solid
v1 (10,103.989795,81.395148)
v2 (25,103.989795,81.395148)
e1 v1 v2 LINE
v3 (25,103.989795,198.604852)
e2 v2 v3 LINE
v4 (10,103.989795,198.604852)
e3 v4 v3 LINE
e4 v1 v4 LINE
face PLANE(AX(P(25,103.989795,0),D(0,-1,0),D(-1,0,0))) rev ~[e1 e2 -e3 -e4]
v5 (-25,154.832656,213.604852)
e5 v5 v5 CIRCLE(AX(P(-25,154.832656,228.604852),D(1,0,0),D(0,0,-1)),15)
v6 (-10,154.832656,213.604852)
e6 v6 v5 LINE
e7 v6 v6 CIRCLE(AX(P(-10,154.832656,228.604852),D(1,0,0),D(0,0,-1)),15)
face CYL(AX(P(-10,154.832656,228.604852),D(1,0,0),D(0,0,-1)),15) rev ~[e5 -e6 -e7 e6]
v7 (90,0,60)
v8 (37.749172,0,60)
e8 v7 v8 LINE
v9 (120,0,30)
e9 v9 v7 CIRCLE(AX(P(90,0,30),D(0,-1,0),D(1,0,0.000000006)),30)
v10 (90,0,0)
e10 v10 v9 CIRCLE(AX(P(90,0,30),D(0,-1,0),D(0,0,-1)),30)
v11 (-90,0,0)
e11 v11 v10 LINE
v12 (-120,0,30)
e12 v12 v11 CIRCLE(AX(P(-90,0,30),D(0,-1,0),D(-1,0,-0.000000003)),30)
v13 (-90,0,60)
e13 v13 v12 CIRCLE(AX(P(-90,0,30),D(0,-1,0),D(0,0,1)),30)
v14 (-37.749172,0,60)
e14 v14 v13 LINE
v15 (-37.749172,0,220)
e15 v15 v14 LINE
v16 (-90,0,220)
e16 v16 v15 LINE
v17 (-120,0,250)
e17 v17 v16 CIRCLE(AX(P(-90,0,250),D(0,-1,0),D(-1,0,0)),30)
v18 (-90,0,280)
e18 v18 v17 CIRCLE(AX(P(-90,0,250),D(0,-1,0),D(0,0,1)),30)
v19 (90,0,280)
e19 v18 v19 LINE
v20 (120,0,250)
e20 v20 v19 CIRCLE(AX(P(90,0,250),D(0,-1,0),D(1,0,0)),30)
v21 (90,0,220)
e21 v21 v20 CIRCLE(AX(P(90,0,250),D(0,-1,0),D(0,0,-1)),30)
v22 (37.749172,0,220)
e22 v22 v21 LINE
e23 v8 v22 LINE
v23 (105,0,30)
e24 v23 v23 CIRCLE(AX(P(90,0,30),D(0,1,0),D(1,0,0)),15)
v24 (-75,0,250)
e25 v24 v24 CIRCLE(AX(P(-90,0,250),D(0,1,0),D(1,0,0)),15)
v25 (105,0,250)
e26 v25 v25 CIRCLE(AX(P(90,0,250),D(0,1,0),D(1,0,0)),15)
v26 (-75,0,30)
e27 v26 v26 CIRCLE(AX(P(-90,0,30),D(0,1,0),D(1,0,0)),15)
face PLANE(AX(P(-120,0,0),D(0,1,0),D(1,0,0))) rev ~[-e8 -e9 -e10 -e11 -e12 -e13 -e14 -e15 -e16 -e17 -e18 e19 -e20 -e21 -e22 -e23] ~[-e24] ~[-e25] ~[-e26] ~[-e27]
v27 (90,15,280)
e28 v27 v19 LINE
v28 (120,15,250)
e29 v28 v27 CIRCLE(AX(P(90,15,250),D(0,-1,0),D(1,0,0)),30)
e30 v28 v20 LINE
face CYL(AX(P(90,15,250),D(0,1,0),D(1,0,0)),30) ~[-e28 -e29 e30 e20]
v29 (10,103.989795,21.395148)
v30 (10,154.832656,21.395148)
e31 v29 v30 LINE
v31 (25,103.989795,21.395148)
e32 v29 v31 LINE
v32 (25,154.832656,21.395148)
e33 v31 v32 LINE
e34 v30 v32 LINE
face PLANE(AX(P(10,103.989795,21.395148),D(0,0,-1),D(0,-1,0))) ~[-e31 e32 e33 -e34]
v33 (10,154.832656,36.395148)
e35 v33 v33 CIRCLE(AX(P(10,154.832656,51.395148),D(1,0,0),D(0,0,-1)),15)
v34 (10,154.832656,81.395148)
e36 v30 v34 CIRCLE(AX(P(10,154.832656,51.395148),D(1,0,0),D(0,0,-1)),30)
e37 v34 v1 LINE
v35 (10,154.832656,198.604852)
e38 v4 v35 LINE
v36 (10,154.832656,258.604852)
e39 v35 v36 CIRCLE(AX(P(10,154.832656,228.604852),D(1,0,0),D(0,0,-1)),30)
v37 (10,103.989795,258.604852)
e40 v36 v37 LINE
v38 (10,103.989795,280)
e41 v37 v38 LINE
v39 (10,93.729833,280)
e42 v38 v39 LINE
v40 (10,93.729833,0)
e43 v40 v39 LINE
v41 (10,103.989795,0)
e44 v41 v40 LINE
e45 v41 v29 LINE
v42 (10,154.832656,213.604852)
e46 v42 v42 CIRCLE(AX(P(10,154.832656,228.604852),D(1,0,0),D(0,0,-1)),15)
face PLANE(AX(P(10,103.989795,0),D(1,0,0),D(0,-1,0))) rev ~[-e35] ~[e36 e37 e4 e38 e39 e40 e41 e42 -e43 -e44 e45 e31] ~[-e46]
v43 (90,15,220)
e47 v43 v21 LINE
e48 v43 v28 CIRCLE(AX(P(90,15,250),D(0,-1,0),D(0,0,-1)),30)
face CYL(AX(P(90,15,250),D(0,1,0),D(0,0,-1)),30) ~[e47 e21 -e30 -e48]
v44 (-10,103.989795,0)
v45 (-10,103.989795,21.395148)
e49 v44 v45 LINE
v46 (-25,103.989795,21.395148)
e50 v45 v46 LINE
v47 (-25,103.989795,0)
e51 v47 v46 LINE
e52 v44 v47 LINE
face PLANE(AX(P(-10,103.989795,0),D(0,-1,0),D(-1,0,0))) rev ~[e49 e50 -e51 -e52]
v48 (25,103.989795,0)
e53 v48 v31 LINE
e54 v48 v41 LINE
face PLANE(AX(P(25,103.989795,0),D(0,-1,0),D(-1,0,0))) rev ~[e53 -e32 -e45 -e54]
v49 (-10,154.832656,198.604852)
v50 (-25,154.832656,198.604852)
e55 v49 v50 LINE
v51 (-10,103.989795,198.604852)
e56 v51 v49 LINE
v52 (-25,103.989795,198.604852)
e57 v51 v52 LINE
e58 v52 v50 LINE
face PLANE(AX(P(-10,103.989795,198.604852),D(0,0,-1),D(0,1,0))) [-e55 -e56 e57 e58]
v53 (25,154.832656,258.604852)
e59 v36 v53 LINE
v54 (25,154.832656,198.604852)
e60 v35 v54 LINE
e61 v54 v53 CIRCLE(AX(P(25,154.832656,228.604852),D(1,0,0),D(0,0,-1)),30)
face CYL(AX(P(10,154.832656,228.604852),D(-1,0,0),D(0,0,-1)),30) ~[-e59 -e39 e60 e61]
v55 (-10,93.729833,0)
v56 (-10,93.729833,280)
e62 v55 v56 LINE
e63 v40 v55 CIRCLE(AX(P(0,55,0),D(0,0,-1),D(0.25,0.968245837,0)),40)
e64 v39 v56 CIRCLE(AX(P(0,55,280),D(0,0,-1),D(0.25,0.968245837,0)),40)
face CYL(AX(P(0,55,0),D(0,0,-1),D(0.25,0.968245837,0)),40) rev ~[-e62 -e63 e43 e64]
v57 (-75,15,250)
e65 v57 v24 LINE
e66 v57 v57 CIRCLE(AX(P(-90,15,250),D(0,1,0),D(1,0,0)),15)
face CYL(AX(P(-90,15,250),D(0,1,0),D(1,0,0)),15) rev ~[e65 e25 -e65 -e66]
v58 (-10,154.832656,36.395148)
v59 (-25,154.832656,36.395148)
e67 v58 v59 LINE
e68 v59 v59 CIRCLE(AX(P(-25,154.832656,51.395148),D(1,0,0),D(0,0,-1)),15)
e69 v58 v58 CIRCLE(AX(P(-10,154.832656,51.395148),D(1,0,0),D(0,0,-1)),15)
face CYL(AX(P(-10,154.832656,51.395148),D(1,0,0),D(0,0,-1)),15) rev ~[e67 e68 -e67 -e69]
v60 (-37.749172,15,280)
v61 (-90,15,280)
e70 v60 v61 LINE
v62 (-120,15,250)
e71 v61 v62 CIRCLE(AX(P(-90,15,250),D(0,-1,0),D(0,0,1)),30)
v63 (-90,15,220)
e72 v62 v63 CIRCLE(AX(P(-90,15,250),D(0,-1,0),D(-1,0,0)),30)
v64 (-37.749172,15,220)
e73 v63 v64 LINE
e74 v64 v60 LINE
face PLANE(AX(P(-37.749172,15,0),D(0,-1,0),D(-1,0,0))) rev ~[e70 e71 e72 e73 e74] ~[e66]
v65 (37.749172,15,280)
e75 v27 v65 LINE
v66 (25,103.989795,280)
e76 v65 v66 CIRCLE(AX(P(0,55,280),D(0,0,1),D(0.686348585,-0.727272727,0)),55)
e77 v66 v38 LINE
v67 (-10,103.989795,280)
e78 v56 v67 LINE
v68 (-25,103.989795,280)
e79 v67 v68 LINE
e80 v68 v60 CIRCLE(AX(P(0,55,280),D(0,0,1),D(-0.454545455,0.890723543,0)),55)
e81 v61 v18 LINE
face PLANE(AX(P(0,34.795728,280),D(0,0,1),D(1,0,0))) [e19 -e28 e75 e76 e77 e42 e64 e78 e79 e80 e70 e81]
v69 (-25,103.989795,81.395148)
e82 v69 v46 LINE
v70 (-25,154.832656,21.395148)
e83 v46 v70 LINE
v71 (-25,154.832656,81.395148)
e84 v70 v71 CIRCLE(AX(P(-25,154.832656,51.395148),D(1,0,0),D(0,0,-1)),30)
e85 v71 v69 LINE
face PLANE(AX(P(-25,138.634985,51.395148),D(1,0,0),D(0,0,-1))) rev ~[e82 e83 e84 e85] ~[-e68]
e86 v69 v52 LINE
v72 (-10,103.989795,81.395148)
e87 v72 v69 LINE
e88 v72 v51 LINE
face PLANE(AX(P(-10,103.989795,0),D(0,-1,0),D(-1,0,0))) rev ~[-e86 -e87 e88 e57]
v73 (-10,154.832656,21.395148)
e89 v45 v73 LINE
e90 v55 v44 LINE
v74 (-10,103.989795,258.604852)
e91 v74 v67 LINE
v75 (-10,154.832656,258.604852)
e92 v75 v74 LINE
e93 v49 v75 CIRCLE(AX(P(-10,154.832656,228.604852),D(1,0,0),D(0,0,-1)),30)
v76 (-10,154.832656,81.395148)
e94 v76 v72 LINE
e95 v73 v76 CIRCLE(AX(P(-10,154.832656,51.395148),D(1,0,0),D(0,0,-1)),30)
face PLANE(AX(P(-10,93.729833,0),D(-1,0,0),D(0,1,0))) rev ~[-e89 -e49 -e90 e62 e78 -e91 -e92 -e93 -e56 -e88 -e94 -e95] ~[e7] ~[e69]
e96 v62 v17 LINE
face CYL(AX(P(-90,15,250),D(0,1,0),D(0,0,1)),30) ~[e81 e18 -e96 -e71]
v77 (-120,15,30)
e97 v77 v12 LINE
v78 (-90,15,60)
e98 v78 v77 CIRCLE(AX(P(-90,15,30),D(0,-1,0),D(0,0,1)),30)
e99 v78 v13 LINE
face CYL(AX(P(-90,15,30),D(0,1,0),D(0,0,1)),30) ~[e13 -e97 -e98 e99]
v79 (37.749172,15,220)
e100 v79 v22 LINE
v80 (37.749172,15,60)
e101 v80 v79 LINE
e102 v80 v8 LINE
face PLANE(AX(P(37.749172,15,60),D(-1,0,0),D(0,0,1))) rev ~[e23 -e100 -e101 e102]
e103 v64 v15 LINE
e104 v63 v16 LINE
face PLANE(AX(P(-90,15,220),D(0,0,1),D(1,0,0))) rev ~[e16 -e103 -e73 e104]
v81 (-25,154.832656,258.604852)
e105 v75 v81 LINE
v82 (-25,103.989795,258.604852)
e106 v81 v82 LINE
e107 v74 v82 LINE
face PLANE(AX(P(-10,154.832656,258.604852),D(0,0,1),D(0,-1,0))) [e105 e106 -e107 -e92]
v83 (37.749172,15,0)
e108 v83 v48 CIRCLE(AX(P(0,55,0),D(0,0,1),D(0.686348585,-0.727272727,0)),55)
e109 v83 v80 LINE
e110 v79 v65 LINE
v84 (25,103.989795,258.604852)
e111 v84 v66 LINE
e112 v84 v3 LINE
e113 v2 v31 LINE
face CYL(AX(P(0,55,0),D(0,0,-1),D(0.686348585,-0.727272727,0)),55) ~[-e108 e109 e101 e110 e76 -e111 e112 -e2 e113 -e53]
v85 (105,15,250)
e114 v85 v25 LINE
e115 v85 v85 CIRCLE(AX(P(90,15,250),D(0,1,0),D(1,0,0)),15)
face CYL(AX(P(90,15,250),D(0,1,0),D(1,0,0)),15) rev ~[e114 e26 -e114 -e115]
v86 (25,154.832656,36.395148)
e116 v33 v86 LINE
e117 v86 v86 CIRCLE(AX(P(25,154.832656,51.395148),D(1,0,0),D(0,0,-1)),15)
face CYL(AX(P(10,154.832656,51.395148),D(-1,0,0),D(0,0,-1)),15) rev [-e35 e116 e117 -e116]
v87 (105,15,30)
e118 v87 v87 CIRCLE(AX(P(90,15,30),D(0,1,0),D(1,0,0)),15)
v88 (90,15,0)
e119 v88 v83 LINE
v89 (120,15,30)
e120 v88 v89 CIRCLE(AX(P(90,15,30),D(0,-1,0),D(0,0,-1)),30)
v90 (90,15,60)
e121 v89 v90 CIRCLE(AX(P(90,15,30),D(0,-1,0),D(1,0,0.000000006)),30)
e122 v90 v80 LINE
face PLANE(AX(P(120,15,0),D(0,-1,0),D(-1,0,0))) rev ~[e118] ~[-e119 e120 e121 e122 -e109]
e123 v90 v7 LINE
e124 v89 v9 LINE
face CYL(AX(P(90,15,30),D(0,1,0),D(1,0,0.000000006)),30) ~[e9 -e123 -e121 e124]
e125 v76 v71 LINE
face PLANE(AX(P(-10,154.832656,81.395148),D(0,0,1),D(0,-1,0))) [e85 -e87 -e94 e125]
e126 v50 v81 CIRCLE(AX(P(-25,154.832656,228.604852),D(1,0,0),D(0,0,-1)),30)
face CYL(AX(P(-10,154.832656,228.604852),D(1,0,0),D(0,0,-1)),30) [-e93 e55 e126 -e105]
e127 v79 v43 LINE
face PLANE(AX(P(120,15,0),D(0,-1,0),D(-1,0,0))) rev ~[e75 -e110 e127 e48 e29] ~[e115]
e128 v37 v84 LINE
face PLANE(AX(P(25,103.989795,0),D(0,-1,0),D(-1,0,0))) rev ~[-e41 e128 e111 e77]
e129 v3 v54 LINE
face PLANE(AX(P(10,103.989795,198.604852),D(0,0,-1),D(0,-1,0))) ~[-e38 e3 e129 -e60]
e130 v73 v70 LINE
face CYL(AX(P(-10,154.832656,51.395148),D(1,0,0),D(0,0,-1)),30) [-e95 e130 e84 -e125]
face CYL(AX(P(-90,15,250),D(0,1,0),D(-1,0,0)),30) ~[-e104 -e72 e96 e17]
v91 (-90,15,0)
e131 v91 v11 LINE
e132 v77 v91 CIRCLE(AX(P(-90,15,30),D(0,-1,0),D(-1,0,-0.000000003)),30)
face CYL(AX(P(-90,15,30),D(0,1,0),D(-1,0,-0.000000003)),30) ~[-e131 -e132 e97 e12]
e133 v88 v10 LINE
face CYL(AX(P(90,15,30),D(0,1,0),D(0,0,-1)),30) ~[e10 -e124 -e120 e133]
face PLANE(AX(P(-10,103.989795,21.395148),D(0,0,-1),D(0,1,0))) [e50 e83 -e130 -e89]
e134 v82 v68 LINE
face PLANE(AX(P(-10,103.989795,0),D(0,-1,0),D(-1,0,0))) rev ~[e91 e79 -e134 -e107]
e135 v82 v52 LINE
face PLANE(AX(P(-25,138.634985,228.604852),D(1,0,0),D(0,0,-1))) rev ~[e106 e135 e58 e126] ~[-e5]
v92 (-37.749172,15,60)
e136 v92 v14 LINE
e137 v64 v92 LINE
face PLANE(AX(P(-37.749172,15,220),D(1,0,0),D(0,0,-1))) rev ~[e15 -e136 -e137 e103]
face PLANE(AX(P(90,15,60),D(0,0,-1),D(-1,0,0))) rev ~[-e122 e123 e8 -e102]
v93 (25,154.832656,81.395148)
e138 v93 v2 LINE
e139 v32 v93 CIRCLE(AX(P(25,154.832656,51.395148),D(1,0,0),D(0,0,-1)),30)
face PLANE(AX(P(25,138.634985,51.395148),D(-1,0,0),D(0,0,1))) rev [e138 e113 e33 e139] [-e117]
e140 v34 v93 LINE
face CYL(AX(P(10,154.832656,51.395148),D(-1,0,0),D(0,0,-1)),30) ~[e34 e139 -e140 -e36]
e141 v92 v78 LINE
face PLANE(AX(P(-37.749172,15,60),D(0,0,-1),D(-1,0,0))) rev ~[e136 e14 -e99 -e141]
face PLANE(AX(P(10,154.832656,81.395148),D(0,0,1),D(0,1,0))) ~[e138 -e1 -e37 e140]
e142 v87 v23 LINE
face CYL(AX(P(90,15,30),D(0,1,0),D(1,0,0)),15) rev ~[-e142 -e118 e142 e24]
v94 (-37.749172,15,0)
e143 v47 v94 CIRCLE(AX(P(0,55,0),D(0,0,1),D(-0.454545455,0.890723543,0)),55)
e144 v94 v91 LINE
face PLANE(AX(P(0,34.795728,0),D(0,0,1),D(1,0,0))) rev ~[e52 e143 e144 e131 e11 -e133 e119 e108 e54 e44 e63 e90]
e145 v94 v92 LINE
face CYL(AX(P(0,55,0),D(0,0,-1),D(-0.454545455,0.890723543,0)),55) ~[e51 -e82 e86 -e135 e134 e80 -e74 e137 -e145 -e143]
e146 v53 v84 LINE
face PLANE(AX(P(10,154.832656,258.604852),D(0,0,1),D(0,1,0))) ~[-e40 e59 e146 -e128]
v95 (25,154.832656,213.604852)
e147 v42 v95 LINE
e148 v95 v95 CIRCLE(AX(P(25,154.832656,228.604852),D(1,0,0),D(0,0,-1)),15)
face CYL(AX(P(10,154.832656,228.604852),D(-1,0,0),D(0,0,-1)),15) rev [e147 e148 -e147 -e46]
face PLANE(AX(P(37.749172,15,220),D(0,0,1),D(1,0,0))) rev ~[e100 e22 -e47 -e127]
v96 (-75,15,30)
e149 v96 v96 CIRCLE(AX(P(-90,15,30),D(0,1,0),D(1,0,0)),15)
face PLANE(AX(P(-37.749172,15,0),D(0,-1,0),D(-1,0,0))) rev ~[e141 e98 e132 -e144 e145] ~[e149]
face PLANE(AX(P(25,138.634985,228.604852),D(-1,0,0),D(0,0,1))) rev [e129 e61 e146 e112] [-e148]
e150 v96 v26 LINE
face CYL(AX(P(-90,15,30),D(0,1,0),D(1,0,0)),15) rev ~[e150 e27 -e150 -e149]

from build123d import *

# Parameters (mm, degrees)
BOSS_EXTRUDE1_DEPTH       = 280
SKETCH4_R                 = 15
BOSS_EXTRUDE2_DEPTH       = 15
CUT_EXTRUDE1_DEPTH        = 15
CUT_EXTRUDE2_DEPTH        = 15
SKETCH9_R                 = 15
CUT_EXTRUDE3_DEPTH        = 15
LPATTERN1_COUNT           = 2
LPATTERN1_PITCH           = 180
LPATTERN2_COUNT           = 2
LPATTERN2_PITCH           = 220
LPATTERN2_COPY_1_SKETCH_R = 15
LPATTERN2_COPY_1_DEPTH    = 15


with BuildPart() as part:
    # Sketch1 → Boss-Extrude1 (new body)
    with BuildSketch(Plane.XY):
        with BuildLine():
            Line((-120, 0), (120, 0))
            Line((120, 0), (120, 15))
            Line((120, 15), (37.749172176, 15))
            ThreePointArc((37.749172176, 15), (54.444104817, 62.799964787), (25, 103.989794856))
            Line((25, 103.989794856), (10, 103.989794856))
            Line((10, 103.989794856), (10, 93.729833462))
            ThreePointArc((10, 93.729833462), (0, 15), (-10, 93.729833462))
            Line((-10, 93.729833462), (-10, 103.989794856))
            Line((-10, 103.989794856), (-25, 103.989794856))
            ThreePointArc((-25, 103.989794856), (-54.444104817, 62.799964787), (-37.749172176, 15))
            Line((-37.749172176, 15), (-120, 15))
            Line((-120, 15), (-120, 0))
        make_face()
    extrude(amount=BOSS_EXTRUDE1_DEPTH)

    # Sketch4 → Boss-Extrude2 (add)
    with BuildSketch(Plane(origin=(-10, 0, 0), x_dir=(0, 0, -1), z_dir=(1, 0, 0))):
        with BuildLine():
            Line((-258.604852185, 154.832655732), (-258.604852185, 103.989794856))
            Line((-258.604852185, 103.989794856), (-198.604852185, 103.989794856))
            Line((-198.604852185, 103.989794856), (-198.604852185, 154.832655732))
            ThreePointArc((-198.604852185, 154.832655732), (-228.604852185, 184.832655732), (-258.604852185, 154.832655732))
        make_face()
        with Locations((-228.604852185, 154.832655732)):
            Circle(SKETCH4_R, mode=Mode.SUBTRACT)
        with BuildLine():
            Line((-81.395147815, 103.989794856), (-21.395147815, 103.989794856))
            Line((-21.395147815, 103.989794856), (-21.395147815, 154.832655732))
            ThreePointArc((-21.395147815, 154.832655732), (-51.395147815, 184.832655732), (-81.395147815, 154.832655732))
            Line((-81.395147815, 154.832655732), (-81.395147815, 103.989794856))
        make_face()
        with Locations((-51.395147815, 154.832655732)):
            Circle(SKETCH4_R, mode=Mode.SUBTRACT)
    boss_extrude2 = extrude(amount=-BOSS_EXTRUDE2_DEPTH)

    # Mirror1: Boss-Extrude2 across plane
    add(boss_extrude2.mirror(Plane(origin=(0, 0, 0), x_dir=(0, 0, 1), z_dir=(1, 0, 0))))

    # Sketch5 → Cut-Extrude1 (cut)
    with BuildSketch(Plane(origin=(0, 15, 0), x_dir=(1, 0, 0), z_dir=(0, 1, 0))):
        with BuildLine():
            Line((120, -250), (120, -30.000000185))
            ThreePointArc((120, -30.000000185), (111.21320337, -51.213203501), (90, -60))
            Line((90, -60), (37.749172176, -60))
            Line((37.749172176, -60), (37.749172176, -220))
            Line((37.749172176, -220), (90, -220))
            ThreePointArc((90, -220), (111.213203436, -228.786796564), (120, -250))
        make_face()
        with BuildLine():
            Line((120, 0), (90, 0))
            ThreePointArc((90, 0), (111.213203501, -8.78679663), (120, -30.000000185))
            Line((120, -30.000000185), (120, 0))
        make_face()
        with BuildLine():
            Line((120, -280), (120, -250))
            ThreePointArc((120, -250), (111.213203436, -271.213203436), (90, -280))
            Line((90, -280), (120, -280))
        make_face()
    extrude(amount=-CUT_EXTRUDE1_DEPTH, mode=Mode.SUBTRACT)

    # Sketch7 → Cut-Extrude2 (cut)
    with BuildSketch(Plane(origin=(0, 15, 0), x_dir=(1, 0, 0), z_dir=(0, 1, 0))):
        with BuildLine():
            Line((-37.749172176, -220), (-37.749172176, -60))
            Line((-37.749172176, -60), (-90, -60))
            ThreePointArc((-90, -60), (-111.213203468, -51.213203403), (-120, -29.999999908))
            Line((-120, -29.999999908), (-120, -250))
            ThreePointArc((-120, -250), (-111.213203436, -228.786796564), (-90, -220))
            Line((-90, -220), (-37.749172176, -220))
        make_face()
        with BuildLine():
            ThreePointArc((-120, -29.999999908), (-111.213203403, -8.786796532), (-90, 0))
            Line((-90, 0), (-120, 0))
            Line((-120, 0), (-120, -29.999999908))
        make_face()
        with BuildLine():
            ThreePointArc((-90, -280), (-111.213203436, -271.213203436), (-120, -250))
            Line((-120, -250), (-120, -280))
            Line((-120, -280), (-90, -280))
        make_face()
    extrude(amount=-CUT_EXTRUDE2_DEPTH, mode=Mode.SUBTRACT)

    # Sketch9 → Cut-Extrude3 (cut)
    with BuildSketch(Plane(origin=(0, 15, 0), x_dir=(1, 0, 0), z_dir=(0, 1, 0))):
        with Locations((90, -30)):
            Circle(SKETCH9_R)
    cut_extrude3 = extrude(amount=-CUT_EXTRUDE3_DEPTH, mode=Mode.SUBTRACT)

    # LPattern1: Cut-Extrude3 ×2
    with Locations(*[(-i * LPATTERN1_PITCH, 0, 0) for i in range(1, LPATTERN1_COUNT)]):
        add(cut_extrude3, mode=Mode.SUBTRACT)

    # LPattern2: Cut-Extrude3 ×2
    with Locations(*[(0, 0, i * LPATTERN2_PITCH) for i in range(1, LPATTERN2_COUNT)]):
        add(cut_extrude3, mode=Mode.SUBTRACT)

    # LPattern2 copy 1 sketch → LPattern2 copy 1 (cut)
    with BuildSketch(Plane(origin=(-180, 15, 220), x_dir=(1, 0, 0), z_dir=(0, 1, 0))):
        with Locations((90, -30)):
            Circle(LPATTERN2_COPY_1_SKETCH_R)
    extrude(amount=-LPATTERN2_COPY_1_DEPTH, mode=Mode.SUBTRACT)


solid = part.part
